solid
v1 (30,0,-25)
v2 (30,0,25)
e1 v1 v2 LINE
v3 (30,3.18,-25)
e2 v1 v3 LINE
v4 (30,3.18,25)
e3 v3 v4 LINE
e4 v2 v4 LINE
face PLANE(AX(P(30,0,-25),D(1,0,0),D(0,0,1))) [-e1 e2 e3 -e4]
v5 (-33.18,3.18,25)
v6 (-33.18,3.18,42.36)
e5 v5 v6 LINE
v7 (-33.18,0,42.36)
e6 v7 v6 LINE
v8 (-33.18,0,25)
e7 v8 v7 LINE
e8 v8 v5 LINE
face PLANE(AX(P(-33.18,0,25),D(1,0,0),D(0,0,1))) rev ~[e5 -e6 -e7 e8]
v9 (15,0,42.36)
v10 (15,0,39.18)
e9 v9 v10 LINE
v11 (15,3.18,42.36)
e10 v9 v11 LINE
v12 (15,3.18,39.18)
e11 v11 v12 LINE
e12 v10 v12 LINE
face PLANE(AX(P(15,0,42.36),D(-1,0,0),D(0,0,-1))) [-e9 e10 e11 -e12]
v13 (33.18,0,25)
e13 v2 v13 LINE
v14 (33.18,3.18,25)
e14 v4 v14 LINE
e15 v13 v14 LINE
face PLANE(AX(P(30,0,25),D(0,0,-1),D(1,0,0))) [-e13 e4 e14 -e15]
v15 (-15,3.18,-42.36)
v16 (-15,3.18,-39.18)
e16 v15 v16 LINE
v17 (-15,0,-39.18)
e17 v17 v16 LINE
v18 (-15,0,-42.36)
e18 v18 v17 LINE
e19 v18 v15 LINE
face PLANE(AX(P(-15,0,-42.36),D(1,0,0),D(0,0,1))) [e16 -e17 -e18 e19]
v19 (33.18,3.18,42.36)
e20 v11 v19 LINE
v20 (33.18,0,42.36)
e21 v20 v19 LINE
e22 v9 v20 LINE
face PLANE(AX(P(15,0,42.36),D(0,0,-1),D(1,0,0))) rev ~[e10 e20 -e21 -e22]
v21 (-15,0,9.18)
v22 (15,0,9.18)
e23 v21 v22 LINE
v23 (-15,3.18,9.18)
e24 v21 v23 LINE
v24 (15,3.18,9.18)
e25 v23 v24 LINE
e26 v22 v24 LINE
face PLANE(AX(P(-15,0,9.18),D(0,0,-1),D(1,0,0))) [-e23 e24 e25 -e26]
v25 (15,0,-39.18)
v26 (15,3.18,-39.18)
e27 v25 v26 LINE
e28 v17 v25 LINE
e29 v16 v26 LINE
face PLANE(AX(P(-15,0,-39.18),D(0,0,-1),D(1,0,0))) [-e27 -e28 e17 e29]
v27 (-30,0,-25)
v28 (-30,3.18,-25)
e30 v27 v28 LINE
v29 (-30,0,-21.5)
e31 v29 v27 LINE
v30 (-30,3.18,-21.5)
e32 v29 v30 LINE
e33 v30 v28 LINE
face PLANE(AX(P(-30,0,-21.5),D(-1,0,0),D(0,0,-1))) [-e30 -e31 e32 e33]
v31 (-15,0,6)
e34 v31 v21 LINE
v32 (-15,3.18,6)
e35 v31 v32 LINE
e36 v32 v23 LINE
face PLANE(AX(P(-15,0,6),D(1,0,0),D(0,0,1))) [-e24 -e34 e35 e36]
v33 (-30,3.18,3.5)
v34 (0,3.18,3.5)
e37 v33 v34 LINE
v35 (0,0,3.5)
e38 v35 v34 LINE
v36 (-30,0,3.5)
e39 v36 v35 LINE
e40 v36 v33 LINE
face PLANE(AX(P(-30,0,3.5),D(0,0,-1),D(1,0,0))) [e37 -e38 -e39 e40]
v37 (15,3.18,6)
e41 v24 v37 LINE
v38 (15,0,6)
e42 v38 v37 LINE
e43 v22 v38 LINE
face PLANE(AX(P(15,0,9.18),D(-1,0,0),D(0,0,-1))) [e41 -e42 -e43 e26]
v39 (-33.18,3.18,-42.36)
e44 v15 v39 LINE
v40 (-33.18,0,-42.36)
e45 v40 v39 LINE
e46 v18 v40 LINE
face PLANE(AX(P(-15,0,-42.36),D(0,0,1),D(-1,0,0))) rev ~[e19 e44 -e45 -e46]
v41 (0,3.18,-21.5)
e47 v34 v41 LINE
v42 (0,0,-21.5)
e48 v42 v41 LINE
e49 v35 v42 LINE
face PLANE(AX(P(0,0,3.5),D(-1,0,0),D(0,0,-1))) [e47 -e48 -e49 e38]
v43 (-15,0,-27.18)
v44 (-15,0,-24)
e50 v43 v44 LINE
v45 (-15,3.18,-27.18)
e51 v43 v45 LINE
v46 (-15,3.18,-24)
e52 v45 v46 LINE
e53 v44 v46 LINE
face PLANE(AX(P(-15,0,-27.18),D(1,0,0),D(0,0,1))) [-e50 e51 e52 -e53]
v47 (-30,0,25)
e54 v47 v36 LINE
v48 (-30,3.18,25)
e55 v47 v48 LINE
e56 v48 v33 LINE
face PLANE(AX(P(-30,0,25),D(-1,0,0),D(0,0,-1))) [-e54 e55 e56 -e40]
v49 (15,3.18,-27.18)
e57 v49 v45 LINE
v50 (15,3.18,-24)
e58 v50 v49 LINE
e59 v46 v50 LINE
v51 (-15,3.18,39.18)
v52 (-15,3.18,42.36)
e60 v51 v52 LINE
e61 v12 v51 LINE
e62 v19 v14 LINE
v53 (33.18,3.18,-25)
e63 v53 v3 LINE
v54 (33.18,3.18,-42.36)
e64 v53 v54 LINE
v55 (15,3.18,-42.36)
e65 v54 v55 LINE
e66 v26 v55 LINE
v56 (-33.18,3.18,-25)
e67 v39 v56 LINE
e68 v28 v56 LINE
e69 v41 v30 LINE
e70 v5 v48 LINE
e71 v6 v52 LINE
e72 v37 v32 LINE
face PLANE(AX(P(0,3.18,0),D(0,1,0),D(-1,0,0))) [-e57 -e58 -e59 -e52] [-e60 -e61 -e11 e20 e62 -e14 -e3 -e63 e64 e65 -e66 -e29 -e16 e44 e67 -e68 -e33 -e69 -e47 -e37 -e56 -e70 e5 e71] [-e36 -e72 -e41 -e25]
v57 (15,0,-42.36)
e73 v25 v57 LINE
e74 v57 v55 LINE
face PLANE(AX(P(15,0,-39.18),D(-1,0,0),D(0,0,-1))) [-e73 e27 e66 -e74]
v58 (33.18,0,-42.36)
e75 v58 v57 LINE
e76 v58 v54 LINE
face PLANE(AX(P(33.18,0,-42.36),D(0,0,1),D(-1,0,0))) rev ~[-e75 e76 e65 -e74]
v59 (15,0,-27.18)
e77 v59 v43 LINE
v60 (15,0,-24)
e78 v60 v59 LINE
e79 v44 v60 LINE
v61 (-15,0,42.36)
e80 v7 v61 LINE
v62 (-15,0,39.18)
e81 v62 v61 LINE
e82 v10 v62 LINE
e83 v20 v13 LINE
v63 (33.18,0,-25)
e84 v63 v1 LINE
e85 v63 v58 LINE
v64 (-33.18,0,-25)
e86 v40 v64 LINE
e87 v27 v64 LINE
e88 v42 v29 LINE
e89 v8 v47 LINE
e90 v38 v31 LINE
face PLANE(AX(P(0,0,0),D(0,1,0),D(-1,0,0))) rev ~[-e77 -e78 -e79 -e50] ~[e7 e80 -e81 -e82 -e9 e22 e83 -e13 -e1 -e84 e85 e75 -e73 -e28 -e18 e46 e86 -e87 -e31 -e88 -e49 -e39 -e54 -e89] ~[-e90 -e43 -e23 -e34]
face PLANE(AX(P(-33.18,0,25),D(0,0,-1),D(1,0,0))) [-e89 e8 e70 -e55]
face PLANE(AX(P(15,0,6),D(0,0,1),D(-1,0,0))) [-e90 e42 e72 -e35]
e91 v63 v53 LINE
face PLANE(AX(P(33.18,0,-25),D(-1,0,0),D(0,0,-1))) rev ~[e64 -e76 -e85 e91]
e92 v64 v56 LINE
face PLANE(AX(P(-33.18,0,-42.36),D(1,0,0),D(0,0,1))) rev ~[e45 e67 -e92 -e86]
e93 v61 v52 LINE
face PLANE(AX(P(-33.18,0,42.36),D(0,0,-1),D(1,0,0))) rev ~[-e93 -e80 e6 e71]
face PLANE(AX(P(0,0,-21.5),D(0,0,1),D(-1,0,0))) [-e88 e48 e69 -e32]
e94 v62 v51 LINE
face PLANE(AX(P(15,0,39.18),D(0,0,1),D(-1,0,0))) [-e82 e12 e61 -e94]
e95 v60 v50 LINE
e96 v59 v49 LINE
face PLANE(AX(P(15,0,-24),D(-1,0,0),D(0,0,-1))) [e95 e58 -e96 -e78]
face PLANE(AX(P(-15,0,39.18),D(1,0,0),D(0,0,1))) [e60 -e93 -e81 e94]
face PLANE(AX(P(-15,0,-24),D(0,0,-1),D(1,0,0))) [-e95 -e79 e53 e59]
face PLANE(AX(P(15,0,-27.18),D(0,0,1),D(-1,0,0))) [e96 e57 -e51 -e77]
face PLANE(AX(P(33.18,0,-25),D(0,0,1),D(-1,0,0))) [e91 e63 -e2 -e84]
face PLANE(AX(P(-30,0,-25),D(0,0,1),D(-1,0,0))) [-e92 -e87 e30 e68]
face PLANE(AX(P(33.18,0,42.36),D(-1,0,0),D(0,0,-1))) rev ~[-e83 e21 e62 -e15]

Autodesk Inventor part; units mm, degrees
ref_plane "YZ Plane" through (0, 0, 0) normal (1, 0, 0) x (0, 1, 0)
ref_plane "XZ Plane" through (0, 0, 0) normal (0, 1, 0) x (-1, 0, 0)
ref_plane "XY Plane" through (0, 0, 0) normal (0, 0, 1) x (1, 0, 0)
sketch "Boceto2" plane through (0, 0, 0) normal (0, 1, 0) x (-1, 0, 0)
  line L0 (33.18, 42.36) -> (-33.18, 42.36)
  line L1 (-33.18, 42.36) -> (-33.18, -42.36)
  line L2 (-33.18, -42.36) -> (33.18, -42.36)
  line L3 (33.18, -42.36) -> (33.18, 42.36)
  line L4 (33.18, 42.36) -> (-33.18, -42.36) construction
  line L5 (-33.18, 42.36) -> (33.18, -42.36) construction
  line L6 (15, 42.36) -> (-15, 42.36)
  line L7 (-15, 42.36) -> (-15, 39.18)
  line L8 (-15, 39.18) -> (15, 39.18)
  line L9 (15, 39.18) -> (15, 42.36)
  line L10 (15, 42.36) -> (-15, 39.18) construction
  line L11 (-15, 42.36) -> (15, 39.18) construction
  line L12 (15, 9.18) -> (-15, 9.18)
  line L13 (-15, 9.18) -> (-15, 6)
  line L14 (-15, 6) -> (15, 6)
  line L15 (15, 6) -> (15, 9.18)
  line L16 (15, 9.18) -> (-15, 6) construction
  line L17 (-15, 9.18) -> (15, 6) construction
  line L18 (15, -24) -> (-15, -24)
  line L19 (-15, -24) -> (-15, -27.18)
  line L20 (-15, -27.18) -> (15, -27.18)
  line L21 (15, -27.18) -> (15, -24)
  line L22 (15, -24) -> (-15, -27.18) construction
  line L23 (-15, -24) -> (15, -27.18) construction
  line L24 (15, -39.18) -> (-15, -39.18)
  line L25 (-15, -39.18) -> (-15, -42.36)
  line L26 (-15, -42.36) -> (15, -42.36)
  line L27 (15, -42.36) -> (15, -39.18)
  line L28 (15, -39.18) -> (-15, -42.36) construction
  line L29 (-15, -39.18) -> (15, -42.36) construction
  line L30 (-30, 25) -> (-33.18, 25)
  line L31 (-33.18, 25) -> (-33.18, -25)
  line L32 (-33.18, -25) -> (-30, -25)
  line L33 (-30, -25) -> (-30, 25)
  line L34 (-30, 25) -> (-33.18, -25) construction
  line L35 (-33.18, 25) -> (-30, -25) construction
  line L36 (33.18, 25) -> (30, 25)
  line L37 (30, 25) -> (30, -25)
  line L38 (30, -25) -> (33.18, -25)
  line L39 (33.18, -25) -> (33.18, 25)
  line L40 (33.18, 25) -> (30, -25) construction
  line L41 (30, 25) -> (33.18, -25) construction
  line L42 (30, 3.5) -> (0, 3.5)
  line L43 (0, 3.5) -> (0, -21.5)
  line L44 (0, -21.5) -> (30, -21.5)
  line L45 (30, -21.5) -> (30, 3.5)
  line L46 (30, 3.5) -> (0, -21.5) construction
  line L47 (0, 3.5) -> (30, -21.5) construction
  point P0 (0, 0)
  point P1 (0, 40.77)
  point P2 (0, 7.59)
  point P3 (0, -25.59)
  point P4 (0, -40.77)
  point P5 (-31.59, 0)
  point P6 (31.59, 0)
  point P7 (15, -9)
  dimension "d37" = 84.72
  dimension "d38" = 66.36
  dimension "d39" = 30
  dimension "d40" = 3.18
  dimension "d41" = 0
  dimension "d42" = 3.18
  dimension "d43" = 30
  dimension "d44" = 30
  dimension "d45" = 3.18
  dimension "d46" = 30
  dimension "d47" = 30
  dimension "d48" = 12
  dimension "d49" = 50
  dimension "d50" = 0
  dimension "d51" = 0
  dimension "d52" = 50
  dimension "d53" = 15
  dimension "d54" = 25
  dimension "d59" = 30
extrude "Extrusión2" add sketch "Boceto2" along normal blind 3.18 contours L3 L36 L37 L42 L43 L44 L38 L2 L27 L24 L25 L1 L32 L33 L30 L0 L7 L8 L9
properties part number "HOMBRO_TAPA.LAT"
